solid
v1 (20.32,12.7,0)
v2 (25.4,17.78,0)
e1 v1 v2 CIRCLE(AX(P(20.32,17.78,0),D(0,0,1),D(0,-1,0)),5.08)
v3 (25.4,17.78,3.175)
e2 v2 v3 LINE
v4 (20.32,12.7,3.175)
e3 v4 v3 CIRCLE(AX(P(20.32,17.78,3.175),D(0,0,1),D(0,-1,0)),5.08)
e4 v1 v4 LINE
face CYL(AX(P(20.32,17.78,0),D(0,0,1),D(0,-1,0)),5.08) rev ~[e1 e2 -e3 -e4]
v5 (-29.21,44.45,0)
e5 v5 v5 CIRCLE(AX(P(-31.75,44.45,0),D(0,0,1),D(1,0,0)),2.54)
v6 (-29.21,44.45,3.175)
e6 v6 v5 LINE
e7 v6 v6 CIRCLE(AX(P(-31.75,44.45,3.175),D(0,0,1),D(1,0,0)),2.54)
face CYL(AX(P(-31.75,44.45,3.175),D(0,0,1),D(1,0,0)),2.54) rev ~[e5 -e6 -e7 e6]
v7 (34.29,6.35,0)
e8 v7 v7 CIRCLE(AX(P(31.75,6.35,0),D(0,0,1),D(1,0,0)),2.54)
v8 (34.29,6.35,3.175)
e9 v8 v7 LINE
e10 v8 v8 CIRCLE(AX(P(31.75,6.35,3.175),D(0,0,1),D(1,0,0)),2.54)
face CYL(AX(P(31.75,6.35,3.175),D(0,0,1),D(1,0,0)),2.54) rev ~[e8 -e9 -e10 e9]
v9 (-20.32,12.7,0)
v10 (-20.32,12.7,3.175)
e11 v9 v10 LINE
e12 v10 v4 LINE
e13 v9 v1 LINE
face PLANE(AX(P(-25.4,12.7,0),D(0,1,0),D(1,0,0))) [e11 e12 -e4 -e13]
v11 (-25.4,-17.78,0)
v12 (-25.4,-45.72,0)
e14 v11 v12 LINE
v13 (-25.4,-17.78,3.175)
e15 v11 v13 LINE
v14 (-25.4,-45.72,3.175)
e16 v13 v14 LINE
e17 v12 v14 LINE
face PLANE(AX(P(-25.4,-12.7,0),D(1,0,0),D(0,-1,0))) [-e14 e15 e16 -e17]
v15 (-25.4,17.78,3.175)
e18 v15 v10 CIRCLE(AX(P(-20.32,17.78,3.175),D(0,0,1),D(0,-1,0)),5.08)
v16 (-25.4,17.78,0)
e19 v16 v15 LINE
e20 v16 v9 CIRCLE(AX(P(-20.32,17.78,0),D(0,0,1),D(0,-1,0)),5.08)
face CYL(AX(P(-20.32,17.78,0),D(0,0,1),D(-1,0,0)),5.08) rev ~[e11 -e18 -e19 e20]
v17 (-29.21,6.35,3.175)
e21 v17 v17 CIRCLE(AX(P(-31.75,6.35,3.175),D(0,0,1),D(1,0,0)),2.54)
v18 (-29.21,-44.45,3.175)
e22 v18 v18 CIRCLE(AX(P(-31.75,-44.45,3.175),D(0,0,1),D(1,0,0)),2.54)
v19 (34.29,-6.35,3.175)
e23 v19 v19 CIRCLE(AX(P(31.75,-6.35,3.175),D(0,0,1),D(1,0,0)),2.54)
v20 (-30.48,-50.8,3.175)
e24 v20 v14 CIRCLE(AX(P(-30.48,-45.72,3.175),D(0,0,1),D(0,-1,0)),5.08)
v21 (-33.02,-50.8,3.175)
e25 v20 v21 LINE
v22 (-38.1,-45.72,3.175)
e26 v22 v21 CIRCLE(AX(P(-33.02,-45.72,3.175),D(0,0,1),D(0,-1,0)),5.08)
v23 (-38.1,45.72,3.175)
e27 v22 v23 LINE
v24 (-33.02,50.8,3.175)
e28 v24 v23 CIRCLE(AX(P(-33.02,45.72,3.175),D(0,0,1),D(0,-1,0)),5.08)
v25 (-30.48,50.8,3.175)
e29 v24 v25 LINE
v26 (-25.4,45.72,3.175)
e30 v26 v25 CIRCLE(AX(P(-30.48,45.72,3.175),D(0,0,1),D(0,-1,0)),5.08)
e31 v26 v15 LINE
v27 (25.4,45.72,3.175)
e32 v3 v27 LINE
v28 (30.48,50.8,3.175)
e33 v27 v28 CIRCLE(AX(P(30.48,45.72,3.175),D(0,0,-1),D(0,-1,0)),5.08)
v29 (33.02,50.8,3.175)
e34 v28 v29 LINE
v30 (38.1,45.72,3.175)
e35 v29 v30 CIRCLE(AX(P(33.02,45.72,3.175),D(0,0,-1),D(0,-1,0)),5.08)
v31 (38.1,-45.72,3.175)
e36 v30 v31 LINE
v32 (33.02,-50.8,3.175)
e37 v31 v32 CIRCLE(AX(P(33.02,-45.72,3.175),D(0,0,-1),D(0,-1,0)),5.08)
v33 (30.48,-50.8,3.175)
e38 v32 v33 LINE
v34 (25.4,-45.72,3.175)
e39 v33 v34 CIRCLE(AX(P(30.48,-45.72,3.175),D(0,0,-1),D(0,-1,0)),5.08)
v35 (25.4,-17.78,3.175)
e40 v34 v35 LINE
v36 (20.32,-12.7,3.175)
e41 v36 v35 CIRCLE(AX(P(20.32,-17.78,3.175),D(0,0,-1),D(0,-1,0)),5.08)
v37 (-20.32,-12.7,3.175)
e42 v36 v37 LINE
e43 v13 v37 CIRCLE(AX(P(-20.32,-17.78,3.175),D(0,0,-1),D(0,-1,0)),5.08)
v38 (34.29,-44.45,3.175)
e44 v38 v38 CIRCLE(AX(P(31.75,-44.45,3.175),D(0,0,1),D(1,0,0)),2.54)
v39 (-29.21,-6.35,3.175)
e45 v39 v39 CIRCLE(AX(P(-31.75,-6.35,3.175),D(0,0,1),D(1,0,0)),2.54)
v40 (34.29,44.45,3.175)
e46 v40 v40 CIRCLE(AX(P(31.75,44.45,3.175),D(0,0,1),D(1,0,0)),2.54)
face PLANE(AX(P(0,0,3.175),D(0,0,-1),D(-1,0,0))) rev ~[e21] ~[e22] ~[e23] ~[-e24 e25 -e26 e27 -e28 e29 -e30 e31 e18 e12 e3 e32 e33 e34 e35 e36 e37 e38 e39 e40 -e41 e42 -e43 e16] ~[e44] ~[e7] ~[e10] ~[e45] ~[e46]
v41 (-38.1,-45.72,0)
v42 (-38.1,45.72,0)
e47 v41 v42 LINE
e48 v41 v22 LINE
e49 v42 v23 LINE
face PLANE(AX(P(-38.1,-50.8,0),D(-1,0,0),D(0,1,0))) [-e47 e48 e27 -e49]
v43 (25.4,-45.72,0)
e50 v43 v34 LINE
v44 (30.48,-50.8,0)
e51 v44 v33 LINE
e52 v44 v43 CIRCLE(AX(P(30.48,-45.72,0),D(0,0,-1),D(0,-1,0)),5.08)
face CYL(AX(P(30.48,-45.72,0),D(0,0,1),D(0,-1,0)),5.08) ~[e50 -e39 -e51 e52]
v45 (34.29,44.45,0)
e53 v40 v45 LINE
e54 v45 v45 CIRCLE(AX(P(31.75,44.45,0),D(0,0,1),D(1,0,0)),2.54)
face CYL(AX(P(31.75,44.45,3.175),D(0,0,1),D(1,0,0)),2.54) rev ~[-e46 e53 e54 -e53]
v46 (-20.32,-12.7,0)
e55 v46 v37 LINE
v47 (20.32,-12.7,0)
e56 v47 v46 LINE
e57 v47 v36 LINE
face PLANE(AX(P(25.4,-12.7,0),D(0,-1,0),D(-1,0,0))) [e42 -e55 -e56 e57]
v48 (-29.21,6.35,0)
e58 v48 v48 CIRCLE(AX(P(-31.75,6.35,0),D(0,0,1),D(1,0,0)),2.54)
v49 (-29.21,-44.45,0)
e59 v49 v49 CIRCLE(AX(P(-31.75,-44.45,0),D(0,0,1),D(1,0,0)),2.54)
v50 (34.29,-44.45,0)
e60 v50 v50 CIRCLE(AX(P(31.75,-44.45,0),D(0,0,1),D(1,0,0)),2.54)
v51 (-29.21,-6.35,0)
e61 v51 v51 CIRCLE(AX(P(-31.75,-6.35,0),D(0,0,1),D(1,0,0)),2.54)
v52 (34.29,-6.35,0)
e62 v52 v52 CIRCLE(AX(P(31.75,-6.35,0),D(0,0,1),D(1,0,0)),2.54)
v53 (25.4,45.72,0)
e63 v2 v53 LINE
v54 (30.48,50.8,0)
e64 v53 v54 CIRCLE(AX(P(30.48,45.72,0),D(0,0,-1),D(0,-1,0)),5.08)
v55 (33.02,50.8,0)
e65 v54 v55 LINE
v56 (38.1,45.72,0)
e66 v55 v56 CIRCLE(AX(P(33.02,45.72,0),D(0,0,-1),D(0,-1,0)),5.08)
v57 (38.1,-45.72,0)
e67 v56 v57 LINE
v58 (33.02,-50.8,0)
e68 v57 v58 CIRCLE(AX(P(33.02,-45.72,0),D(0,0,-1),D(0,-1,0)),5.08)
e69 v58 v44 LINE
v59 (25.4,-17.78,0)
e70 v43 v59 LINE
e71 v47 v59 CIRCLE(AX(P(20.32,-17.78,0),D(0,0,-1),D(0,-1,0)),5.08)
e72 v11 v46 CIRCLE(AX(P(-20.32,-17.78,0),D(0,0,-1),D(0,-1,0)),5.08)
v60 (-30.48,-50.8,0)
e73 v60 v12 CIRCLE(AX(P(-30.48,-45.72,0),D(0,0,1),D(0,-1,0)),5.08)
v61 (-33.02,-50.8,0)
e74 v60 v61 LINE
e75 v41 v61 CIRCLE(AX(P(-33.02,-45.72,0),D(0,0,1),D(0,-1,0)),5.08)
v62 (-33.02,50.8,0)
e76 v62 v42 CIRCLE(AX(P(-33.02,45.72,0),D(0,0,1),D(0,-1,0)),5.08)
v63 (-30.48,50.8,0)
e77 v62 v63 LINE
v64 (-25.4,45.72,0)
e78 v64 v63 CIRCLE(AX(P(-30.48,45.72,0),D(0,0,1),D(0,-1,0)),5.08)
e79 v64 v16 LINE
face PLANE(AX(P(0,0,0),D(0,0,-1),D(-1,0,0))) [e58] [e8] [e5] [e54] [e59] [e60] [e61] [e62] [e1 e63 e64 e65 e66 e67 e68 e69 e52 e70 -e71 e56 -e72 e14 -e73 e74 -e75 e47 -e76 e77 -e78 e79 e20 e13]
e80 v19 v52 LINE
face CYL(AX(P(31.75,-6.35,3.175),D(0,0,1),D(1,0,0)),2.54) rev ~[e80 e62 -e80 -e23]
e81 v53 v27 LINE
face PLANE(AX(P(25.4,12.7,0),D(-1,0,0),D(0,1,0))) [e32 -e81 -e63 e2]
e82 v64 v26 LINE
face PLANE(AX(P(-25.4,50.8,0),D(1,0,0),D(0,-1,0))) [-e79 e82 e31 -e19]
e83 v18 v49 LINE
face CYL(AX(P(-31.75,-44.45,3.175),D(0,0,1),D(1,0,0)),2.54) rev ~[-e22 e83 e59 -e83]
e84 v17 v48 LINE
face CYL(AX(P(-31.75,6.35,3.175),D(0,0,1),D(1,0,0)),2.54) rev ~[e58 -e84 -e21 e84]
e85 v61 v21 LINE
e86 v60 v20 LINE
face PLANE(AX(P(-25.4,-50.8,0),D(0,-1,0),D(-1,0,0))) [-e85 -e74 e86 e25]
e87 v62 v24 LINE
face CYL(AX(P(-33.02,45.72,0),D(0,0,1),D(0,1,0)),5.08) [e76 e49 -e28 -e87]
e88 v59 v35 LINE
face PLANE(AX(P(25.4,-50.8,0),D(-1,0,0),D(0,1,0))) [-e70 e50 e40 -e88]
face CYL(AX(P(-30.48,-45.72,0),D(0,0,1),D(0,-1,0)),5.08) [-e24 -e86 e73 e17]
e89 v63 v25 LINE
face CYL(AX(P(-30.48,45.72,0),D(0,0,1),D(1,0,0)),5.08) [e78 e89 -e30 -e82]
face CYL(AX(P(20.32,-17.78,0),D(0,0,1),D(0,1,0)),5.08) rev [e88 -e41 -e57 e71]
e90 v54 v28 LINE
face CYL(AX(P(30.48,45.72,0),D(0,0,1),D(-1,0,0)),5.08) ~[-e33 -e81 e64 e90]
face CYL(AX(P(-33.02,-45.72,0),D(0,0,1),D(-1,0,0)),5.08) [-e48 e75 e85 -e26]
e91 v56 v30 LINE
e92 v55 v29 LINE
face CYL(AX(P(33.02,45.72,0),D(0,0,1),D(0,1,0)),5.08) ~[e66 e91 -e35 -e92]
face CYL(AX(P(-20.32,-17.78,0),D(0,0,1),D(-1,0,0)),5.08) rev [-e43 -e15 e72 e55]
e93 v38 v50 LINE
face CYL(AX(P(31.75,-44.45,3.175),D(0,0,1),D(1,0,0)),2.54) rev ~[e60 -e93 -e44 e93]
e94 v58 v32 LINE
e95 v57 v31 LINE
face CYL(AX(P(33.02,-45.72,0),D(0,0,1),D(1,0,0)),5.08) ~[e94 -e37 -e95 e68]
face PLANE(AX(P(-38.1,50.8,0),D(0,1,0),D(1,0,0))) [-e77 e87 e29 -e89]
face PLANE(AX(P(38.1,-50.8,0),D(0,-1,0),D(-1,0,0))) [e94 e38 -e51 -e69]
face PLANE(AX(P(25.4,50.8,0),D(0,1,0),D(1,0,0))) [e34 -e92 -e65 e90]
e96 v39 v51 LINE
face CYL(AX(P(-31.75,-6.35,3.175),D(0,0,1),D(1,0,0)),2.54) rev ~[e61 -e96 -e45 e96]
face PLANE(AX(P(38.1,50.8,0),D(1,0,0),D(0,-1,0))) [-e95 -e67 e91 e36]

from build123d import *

# Parameters (mm, degrees)
BOSS_EXTRUDE1_DEPTH = 3.175
SKETCH4_R           = 2.54
CUT_EXTRUDE3_DEPTH  = 4.175
FILLET1_R           = 5.08
FILLET2_R           = 5.08


with BuildPart() as part:
    # Sketch1 → Boss-Extrude1 (new body)
    with BuildSketch(Plane.XY):
        Polygon((-38.1, 50.8), (-25.4, 50.8), (-25.4, 12.7), (25.4, 12.7), (25.4, 50.8), (38.1, 50.8), (38.1, -50.8), (25.4, -50.8), (25.4, -12.7), (-25.4, -12.7), (-25.4, -50.8), (-38.1, -50.8), align=None)
    extrude(amount=BOSS_EXTRUDE1_DEPTH)

    # Sketch4 → Cut-Extrude3 (cut, through all)
    with BuildSketch(Plane.XY.offset(3.175)):
        with Locations((-31.75, 44.45)):
            Circle(SKETCH4_R)
        with Locations((-31.75, 6.35)):
            Circle(SKETCH4_R)
        with Locations((31.75, 6.35)):
            Circle(SKETCH4_R)
        with Locations((31.75, 44.45)):
            Circle(SKETCH4_R)
        with Locations((-31.75, -6.35)):
            Circle(SKETCH4_R)
        with Locations((31.75, -6.35)):
            Circle(SKETCH4_R)
        with Locations((31.75, -44.45)):
            Circle(SKETCH4_R)
        with Locations((-31.75, -44.45)):
            Circle(SKETCH4_R)
    extrude(amount=-CUT_EXTRUDE3_DEPTH, mode=Mode.SUBTRACT)

    # Fillet1
    fillet1_edges = [part.edges().sort_by_distance(p)[0] for p in [
        (25.4, -12.7, 1.5875),
        (-25.4, -12.7, 1.5875),
        (-25.4, 12.7, 1.5875),
        (25.4, 12.7, 1.5875),
    ]]
    fillet(fillet1_edges, radius=FILLET1_R)

    # Fillet2
    fillet2_edges = [part.edges().sort_by_distance(p)[0] for p in [
        (38.1, 50.8, 1.5875),
        (38.1, -50.8, 1.5875),
        (25.4, -50.8, 1.5875),
        (-25.4, -50.8, 1.5875),
        (-38.1, -50.8, 1.5875),
        (-38.1, 50.8, 1.5875),
        (-25.4, 50.8, 1.5875),
        (25.4, 50.8, 1.5875),
    ]]
    fillet(fillet2_edges, radius=FILLET2_R)


solid = part.part
